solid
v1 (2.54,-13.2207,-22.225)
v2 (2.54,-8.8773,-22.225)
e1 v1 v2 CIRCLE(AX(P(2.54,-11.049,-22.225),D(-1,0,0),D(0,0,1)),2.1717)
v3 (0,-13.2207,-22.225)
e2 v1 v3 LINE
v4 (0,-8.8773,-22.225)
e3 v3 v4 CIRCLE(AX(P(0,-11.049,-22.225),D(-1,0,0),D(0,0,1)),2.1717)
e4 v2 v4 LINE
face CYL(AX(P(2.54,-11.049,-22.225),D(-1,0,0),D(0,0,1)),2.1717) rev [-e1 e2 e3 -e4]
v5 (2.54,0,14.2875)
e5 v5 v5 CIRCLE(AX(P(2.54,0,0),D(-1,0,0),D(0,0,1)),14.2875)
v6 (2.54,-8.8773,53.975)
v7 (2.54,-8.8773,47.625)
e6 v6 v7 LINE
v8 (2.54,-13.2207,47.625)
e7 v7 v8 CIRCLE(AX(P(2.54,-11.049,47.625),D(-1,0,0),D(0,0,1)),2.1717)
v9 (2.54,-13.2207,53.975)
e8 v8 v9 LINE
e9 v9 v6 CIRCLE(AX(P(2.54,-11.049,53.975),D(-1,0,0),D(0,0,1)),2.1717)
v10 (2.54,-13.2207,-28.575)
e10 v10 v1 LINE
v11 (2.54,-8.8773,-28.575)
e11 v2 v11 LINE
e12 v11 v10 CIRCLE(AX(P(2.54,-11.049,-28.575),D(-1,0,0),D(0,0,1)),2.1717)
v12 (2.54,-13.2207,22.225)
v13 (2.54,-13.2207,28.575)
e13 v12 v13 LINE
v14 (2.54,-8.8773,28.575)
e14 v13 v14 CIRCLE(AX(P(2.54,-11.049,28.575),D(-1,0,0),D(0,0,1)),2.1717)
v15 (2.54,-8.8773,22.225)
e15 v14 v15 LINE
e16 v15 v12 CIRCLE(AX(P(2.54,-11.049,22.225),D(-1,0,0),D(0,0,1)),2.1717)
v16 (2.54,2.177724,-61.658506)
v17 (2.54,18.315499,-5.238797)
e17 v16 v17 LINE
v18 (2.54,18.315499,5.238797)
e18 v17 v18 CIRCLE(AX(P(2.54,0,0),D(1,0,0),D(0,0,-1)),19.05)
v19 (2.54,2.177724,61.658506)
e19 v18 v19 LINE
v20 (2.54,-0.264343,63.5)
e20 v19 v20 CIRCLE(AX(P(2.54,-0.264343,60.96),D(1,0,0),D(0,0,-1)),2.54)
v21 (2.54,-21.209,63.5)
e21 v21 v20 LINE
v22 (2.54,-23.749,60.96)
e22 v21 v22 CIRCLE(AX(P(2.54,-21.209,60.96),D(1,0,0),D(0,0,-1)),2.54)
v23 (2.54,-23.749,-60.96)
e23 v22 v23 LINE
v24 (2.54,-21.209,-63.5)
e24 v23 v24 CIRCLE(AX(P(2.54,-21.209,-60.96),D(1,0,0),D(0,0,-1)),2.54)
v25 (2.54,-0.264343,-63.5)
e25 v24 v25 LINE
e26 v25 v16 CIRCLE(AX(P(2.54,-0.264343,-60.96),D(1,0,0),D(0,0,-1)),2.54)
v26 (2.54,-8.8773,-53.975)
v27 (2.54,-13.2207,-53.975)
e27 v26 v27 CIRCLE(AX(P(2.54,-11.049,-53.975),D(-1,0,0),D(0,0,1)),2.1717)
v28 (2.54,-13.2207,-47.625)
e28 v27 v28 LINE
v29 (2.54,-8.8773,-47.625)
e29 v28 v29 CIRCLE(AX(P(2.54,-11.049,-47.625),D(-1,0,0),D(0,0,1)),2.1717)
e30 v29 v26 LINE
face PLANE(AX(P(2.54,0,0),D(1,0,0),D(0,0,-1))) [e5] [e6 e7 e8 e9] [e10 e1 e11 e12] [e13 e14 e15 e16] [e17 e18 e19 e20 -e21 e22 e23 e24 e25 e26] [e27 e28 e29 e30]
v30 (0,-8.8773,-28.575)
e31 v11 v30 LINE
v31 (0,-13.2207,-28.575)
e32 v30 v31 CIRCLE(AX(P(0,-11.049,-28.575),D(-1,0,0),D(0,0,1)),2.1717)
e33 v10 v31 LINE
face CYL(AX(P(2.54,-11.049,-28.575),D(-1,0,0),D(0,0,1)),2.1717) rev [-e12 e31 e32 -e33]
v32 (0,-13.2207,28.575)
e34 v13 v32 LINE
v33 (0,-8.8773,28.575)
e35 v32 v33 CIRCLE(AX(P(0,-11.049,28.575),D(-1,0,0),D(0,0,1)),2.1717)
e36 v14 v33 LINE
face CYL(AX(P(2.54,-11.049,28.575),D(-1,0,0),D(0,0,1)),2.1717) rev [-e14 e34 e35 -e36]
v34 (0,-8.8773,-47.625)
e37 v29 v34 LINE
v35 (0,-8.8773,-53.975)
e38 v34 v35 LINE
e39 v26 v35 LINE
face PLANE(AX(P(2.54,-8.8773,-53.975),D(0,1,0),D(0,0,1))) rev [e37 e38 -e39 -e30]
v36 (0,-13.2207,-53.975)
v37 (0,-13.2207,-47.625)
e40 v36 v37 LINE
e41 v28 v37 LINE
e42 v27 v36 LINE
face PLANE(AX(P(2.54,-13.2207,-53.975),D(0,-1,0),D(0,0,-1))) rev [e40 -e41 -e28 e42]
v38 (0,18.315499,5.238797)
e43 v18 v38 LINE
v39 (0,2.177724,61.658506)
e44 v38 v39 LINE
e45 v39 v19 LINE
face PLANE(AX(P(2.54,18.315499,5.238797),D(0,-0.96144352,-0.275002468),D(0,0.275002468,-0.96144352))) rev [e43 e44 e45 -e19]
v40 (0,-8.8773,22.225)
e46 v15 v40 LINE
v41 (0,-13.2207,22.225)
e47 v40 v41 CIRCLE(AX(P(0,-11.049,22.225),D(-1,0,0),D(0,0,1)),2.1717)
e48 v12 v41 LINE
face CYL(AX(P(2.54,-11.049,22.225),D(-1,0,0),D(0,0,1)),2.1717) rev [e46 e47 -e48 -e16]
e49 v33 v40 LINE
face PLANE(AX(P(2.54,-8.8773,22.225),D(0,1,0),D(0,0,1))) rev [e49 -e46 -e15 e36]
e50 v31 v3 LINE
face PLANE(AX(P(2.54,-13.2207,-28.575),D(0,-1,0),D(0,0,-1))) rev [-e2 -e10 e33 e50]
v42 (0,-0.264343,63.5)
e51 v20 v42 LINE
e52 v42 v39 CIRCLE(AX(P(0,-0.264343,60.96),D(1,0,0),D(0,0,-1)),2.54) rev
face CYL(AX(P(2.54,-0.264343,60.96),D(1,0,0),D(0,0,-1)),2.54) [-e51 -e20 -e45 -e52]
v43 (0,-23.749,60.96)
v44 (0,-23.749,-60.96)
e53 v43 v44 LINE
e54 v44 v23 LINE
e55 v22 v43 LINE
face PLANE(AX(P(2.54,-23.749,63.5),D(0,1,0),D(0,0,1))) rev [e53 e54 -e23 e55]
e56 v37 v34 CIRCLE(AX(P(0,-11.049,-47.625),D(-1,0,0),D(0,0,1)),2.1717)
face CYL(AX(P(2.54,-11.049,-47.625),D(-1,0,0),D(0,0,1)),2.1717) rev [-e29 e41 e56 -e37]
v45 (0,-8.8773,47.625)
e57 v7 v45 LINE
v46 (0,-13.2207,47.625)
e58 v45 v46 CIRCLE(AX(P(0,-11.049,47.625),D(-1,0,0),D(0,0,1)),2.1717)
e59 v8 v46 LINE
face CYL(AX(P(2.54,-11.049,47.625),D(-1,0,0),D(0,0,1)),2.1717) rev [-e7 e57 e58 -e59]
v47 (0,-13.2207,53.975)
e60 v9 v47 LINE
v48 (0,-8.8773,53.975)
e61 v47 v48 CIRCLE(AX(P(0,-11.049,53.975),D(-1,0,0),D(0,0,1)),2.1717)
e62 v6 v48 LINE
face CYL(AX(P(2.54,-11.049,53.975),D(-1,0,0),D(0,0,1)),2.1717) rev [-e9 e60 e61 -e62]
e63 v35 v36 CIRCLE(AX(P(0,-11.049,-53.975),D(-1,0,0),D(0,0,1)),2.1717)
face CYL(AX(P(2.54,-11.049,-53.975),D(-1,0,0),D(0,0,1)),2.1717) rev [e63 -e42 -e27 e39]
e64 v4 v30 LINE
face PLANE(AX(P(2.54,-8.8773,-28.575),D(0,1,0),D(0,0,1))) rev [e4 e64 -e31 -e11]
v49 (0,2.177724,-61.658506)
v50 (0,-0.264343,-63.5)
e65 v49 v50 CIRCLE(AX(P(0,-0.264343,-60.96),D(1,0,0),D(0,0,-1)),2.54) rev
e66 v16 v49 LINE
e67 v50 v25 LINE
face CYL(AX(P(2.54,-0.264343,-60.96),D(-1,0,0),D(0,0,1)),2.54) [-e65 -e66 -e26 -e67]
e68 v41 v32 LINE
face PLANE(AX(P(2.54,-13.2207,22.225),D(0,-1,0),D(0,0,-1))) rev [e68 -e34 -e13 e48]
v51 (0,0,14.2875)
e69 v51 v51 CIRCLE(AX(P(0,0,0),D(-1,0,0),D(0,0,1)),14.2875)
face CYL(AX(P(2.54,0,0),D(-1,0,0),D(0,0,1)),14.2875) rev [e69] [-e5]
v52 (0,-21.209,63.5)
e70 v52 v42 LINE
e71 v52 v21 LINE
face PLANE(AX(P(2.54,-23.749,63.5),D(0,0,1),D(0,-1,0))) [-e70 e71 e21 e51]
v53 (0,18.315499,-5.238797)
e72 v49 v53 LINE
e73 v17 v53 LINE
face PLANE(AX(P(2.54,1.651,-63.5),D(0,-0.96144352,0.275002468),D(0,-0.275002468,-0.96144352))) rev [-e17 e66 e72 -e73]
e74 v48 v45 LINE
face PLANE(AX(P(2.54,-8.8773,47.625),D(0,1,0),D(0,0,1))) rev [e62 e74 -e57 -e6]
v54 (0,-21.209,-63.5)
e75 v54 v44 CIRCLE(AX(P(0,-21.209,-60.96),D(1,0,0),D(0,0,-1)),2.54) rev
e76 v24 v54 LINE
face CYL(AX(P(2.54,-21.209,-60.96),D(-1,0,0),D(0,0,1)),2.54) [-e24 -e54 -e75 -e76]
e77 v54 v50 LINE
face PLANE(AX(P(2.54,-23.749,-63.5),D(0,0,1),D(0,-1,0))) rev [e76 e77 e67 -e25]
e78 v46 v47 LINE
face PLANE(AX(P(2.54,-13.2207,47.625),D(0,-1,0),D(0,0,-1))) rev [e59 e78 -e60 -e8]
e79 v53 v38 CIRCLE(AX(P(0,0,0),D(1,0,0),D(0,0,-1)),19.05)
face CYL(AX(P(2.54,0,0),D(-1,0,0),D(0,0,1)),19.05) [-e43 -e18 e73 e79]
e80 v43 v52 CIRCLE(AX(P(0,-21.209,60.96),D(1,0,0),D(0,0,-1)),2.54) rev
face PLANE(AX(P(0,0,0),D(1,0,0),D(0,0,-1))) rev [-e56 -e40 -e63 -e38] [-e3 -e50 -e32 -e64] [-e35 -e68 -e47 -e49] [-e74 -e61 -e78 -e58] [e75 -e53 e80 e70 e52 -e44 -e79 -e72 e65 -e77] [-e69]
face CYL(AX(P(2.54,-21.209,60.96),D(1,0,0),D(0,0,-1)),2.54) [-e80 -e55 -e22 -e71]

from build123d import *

# Parameters (mm, degrees)
BOSS_EXTRUDE1_DEPTH = 2.54
SKETCH3_R           = 14.2875
CUT_EXTRUDE1_DEPTH  = 68.843323924
FILLET1_R           = 2.54


with BuildPart() as part:
    # Sketch1 → Boss-Extrude1 (new body)
    with BuildSketch(Plane(origin=(0, 0, 0), x_dir=(0, 0, -1), z_dir=(1, 0, 0))):
        with BuildLine():
            Line((-63.5, -23.749), (63.5, -23.749))
            Line((63.5, -23.749), (63.5, 1.651))
            Line((63.5, 1.651), (5.238797024, 18.315499058))
            ThreePointArc((5.238797024, 18.315499058), (0, 19.05), (-5.238797024, 18.315499058))
            Line((-5.238797024, 18.315499058), (-63.5, 1.651))
            Line((-63.5, 1.651), (-63.5, -23.749))
        make_face()
    extrude(amount=BOSS_EXTRUDE1_DEPTH)

    # Sketch3 → Cut-Extrude1 (cut, through all)
    with BuildSketch(Plane.ZY):
        Circle(SKETCH3_R)
        with BuildLine():
            Line((-53.975, -8.8773), (-47.625, -8.8773))
            ThreePointArc((-47.625, -8.8773), (-45.4533, -11.049), (-47.625, -13.2207))
            Line((-47.625, -13.2207), (-53.975, -13.2207))
            ThreePointArc((-53.975, -13.2207), (-56.1467, -11.049), (-53.975, -8.8773))
        make_face()
        with BuildLine():
            Line((-28.575, -8.8773), (-22.225, -8.8773))
            ThreePointArc((-22.225, -8.8773), (-20.0533, -11.049), (-22.225, -13.2207))
            Line((-22.225, -13.2207), (-28.575, -13.2207))
            ThreePointArc((-28.575, -13.2207), (-30.7467, -11.049), (-28.575, -8.8773))
        make_face()
        with BuildLine():
            Line((22.225, -8.8773), (28.575, -8.8773))
            ThreePointArc((28.575, -8.8773), (30.7467, -11.049), (28.575, -13.2207))
            Line((28.575, -13.2207), (22.225, -13.2207))
            ThreePointArc((22.225, -13.2207), (20.0533, -11.049), (22.225, -8.8773))
        make_face()
        with BuildLine():
            Line((47.625, -8.8773), (53.975, -8.8773))
            ThreePointArc((53.975, -8.8773), (56.1467, -11.049), (53.975, -13.2207))
            Line((53.975, -13.2207), (47.625, -13.2207))
            ThreePointArc((47.625, -13.2207), (45.4533, -11.049), (47.625, -8.8773))
        make_face()
    extrude(amount=-CUT_EXTRUDE1_DEPTH, mode=Mode.SUBTRACT)

    # Fillet1
    fillet1_edges = [part.edges().sort_by_distance(p)[0] for p in [
        (1.27, -23.749, 63.5),
        (1.27, 1.651, 63.5),
        (1.27, 1.651, -63.5),
        (1.27, -23.749, -63.5),
    ]]
    fillet(fillet1_edges, radius=FILLET1_R)


solid = part.part
